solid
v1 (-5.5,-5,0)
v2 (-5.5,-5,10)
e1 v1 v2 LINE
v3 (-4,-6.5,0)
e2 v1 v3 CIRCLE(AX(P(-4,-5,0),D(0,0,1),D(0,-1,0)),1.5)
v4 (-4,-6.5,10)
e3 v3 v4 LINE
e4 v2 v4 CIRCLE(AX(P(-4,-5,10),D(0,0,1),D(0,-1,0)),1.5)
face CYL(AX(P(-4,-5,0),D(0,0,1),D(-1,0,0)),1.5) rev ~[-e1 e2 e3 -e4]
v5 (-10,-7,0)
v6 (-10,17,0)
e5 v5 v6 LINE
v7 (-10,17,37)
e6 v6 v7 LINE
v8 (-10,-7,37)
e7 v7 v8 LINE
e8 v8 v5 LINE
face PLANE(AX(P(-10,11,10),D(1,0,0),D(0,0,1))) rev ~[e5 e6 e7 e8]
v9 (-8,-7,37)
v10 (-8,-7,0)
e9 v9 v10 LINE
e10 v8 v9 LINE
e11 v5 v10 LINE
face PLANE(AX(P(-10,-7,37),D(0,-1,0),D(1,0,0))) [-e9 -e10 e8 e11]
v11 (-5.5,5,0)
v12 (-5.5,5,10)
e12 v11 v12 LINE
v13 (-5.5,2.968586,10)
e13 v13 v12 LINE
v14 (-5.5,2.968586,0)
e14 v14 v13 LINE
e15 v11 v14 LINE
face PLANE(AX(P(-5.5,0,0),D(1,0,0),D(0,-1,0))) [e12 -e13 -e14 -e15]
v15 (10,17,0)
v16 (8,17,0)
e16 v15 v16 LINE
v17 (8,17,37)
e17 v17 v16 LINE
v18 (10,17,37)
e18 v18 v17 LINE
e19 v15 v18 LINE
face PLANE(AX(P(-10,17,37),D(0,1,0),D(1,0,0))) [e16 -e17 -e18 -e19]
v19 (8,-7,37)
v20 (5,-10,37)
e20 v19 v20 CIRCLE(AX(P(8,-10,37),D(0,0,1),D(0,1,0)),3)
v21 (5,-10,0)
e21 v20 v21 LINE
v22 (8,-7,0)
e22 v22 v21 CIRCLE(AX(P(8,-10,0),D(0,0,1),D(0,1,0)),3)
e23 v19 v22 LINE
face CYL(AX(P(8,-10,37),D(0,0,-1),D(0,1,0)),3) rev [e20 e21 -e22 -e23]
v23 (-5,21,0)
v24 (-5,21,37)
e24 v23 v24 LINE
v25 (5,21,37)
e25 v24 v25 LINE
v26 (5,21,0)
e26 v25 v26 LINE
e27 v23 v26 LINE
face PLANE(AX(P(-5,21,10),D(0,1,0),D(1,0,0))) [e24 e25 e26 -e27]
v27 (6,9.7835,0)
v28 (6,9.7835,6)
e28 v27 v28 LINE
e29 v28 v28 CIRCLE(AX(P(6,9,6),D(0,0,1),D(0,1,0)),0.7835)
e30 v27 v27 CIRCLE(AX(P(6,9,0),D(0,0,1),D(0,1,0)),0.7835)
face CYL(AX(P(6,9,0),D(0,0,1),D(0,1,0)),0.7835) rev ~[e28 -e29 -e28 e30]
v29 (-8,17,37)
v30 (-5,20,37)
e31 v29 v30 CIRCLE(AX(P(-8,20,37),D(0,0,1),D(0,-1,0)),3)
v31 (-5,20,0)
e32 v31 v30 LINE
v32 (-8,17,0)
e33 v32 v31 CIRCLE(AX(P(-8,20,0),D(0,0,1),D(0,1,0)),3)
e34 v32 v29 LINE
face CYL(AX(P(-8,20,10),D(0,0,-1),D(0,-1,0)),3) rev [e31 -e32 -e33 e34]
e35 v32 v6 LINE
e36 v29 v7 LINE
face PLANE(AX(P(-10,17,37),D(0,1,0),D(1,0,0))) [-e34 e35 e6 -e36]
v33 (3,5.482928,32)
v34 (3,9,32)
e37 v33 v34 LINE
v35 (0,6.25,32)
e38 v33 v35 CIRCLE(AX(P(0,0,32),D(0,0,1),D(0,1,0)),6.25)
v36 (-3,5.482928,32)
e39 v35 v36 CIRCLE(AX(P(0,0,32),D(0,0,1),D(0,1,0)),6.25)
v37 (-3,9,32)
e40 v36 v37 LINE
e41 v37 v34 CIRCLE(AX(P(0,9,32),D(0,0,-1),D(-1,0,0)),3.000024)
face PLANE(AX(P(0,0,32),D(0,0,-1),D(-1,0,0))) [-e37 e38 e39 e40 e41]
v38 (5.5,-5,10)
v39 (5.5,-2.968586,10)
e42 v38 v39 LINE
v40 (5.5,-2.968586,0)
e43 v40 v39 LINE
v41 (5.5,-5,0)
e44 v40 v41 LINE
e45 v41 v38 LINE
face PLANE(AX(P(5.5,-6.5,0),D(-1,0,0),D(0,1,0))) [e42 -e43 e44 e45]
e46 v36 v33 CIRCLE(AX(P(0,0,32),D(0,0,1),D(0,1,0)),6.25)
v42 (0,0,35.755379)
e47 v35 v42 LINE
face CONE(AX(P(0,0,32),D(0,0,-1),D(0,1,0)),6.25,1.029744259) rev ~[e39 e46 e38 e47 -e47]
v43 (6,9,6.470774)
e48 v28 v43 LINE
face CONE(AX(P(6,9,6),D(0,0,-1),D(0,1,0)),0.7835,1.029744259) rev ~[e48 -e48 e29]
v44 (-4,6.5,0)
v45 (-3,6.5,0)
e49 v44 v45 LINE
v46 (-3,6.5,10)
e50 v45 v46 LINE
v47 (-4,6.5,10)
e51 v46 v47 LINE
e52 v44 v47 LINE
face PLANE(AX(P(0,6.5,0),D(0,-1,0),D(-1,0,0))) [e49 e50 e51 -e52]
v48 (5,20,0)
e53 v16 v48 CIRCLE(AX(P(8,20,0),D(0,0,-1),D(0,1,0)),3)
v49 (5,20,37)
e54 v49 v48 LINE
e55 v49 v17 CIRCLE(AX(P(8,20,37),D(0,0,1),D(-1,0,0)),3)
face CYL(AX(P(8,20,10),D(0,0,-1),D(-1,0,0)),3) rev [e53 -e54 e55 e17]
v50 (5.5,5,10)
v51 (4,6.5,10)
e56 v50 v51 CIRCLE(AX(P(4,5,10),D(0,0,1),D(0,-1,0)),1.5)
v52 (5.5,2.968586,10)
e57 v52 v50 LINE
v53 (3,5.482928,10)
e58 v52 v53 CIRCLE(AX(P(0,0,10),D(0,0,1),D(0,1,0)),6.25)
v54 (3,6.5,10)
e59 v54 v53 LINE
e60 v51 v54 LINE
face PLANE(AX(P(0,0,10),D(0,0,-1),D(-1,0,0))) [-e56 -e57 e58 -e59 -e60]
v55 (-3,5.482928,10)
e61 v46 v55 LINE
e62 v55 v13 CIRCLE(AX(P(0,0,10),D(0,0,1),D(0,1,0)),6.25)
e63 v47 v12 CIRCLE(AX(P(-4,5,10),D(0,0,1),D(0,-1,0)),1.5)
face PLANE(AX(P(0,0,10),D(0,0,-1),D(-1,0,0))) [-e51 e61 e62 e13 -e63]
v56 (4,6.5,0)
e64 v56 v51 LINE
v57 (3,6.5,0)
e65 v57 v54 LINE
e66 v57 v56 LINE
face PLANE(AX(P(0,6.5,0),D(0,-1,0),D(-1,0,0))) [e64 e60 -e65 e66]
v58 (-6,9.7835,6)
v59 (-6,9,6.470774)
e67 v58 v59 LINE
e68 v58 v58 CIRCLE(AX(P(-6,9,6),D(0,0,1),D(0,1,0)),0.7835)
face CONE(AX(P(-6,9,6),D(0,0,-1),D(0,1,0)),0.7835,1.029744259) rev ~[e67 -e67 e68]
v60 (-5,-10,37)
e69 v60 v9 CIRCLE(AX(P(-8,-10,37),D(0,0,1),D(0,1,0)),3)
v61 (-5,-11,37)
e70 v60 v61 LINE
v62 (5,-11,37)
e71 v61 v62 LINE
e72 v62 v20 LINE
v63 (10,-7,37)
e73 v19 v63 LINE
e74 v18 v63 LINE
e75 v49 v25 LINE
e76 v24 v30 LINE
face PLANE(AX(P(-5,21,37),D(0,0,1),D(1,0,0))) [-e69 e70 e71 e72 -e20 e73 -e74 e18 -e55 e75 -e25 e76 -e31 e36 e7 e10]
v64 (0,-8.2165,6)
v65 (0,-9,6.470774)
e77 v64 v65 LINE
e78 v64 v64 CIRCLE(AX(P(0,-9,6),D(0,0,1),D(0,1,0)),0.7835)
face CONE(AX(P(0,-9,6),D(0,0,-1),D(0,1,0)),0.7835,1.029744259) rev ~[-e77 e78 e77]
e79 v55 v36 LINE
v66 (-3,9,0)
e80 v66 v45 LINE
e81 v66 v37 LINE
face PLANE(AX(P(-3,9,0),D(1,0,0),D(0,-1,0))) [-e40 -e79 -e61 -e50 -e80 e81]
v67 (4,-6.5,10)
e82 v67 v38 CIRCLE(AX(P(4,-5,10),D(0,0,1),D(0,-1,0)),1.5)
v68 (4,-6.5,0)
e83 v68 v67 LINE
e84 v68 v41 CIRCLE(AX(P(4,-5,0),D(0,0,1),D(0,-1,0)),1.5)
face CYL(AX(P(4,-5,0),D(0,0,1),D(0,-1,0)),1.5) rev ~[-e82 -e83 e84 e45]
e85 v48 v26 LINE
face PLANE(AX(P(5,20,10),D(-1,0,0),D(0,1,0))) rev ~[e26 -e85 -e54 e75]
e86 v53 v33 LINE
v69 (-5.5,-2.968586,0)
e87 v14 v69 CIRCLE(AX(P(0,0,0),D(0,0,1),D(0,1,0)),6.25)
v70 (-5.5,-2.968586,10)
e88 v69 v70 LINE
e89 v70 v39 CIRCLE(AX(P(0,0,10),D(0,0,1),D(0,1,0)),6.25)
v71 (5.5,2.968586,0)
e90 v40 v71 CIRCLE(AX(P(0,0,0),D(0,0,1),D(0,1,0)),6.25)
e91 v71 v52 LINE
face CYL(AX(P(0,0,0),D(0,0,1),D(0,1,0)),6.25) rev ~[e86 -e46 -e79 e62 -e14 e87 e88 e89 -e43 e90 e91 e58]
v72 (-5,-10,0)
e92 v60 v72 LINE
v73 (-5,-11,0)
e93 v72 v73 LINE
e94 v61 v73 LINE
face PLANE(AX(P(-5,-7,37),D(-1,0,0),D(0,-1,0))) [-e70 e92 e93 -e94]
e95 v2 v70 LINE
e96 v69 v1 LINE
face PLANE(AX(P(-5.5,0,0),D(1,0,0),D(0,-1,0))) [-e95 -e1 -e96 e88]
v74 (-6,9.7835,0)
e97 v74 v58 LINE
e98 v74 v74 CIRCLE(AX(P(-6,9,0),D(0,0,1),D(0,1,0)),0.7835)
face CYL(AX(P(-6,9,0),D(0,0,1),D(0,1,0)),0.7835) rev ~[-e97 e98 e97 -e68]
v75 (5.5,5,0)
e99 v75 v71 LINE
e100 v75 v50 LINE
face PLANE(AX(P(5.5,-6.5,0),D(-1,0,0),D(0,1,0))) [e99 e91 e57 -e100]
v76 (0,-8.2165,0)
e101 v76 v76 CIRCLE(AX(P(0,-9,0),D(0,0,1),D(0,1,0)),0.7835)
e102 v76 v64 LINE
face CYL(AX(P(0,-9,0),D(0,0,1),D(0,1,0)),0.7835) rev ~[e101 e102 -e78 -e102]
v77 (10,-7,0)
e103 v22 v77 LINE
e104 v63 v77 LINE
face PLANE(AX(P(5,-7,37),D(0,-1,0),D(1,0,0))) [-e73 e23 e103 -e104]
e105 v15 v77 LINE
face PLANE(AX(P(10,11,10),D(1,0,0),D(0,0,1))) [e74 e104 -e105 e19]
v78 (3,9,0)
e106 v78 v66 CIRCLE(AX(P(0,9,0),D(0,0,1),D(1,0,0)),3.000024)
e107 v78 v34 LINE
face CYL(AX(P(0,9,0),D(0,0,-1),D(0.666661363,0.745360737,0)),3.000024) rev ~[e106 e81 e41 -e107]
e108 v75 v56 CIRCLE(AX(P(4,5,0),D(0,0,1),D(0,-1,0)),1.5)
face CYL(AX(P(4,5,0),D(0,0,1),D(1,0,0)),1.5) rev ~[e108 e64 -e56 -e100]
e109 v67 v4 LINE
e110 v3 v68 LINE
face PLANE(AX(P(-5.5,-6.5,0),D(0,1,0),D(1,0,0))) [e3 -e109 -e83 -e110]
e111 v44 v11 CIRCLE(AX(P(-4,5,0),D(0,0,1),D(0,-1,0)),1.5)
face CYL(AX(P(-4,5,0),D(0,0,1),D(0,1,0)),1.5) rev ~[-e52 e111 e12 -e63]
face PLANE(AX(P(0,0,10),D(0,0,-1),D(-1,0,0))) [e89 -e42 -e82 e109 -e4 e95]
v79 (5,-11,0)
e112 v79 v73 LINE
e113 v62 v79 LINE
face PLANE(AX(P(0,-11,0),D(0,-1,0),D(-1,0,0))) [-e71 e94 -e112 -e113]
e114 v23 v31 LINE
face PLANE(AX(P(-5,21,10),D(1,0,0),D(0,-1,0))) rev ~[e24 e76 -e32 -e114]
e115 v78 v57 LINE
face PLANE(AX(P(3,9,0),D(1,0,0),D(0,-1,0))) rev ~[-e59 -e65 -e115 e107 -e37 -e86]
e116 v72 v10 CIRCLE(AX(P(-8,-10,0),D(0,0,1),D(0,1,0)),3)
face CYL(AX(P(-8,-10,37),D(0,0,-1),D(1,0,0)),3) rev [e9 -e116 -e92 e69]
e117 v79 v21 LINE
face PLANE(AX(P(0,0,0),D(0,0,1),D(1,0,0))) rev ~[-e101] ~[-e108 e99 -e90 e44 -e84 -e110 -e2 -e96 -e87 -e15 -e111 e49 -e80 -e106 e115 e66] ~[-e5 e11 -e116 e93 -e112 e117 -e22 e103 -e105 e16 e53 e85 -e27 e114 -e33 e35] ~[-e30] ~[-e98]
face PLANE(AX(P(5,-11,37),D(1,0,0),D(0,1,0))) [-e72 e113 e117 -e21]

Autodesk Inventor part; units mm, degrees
ref_plane "YZ Plane" through (0, 0, 0) normal (1, 0, 0) x (0, 1, 0)
ref_plane "XZ Plane" through (0, 0, 0) normal (0, 1, 0) x (-1, 0, 0)
ref_plane "XY Plane" through (0, 0, 0) normal (0, 0, 1) x (1, 0, 0)
sketch "Skizze1" plane through (0, 0, 0) normal (0, 0, 1) x (1, 0, 0)
  line L0 (-14, 0) -> (14, 0) projected
  line L1 (0, -15.4) -> (0, 15.4) projected
  line L2 (-10, 11) -> (10, 11)
  line L3 (10, 11) -> (10, -11)
  line L4 (10, -11) -> (-10, -11)
  line L5 (-10, -11) -> (-10, 11)
  point P0 (0, 0)
  dimension "d0" = 22
  dimension "d1" = 20
extrude "Extrusion1" add sketch "Skizze1" along normal blind 37
sketch "Skizze2" plane through (0, 0, 0) normal (0, 0, -1) x (-1, 0, 0)
  point P0 (0, 0)
hole "Bohrung1" at (0, 0, 0) direction (0, 0, 1) diameter 12.5 depth 32 tip angle 118
sketch "Skizze3" plane through (0, 0, 0) normal (0, 0, -1) x (-1, 0, 0)
  line L0 (14, 0) -> (-14, 0) projected
  line L1 (0, -15.4) -> (0, 15.4) projected
  line L2 (-5.5, 6.5) -> (5.5, 6.5)
  line L3 (5.5, 6.5) -> (5.5, -6.5)
  line L4 (5.5, -6.5) -> (-5.5, -6.5)
  line L5 (-5.5, -6.5) -> (-5.5, 6.5)
  dimension "d11" = 13
  dimension "d12" = 11
extrude "Extrusion2" cut sketch "Skizze3" against normal blind 10
fillet "Rundung1" radius 1.5 4 edges at (-5.5, -6.5, 5) (-5.5, 6.5, 5) (5.5, 6.5, 5) (5.5, -6.5, 5)
sketch "Skizze4" plane through (0, 0, 37) normal (0, 0, 1) x (1, 0, 0)
  line L0 (-10, 11) -> (-10, -11) projected
  line L1 (-10, -11) -> (10, -11) projected
  line L2 (-4, -6.5) -> (4, -6.5) projected
  arc A0 (4, -6.5) -> (5.5, -5) centre (4, -5) ccw projected
  line L3 (5.5, -5) -> (5.5, -2.9686) projected
  arc A1 (-5.5, -5) -> (-4, -6.5) centre (-4, -5) ccw projected
  line L4 (-5.5, -2.9686) -> (-5.5, -5) projected
  line L5 (-10, -7) -> (-5, -7)
  line L6 (-5, -7) -> (-5, -11)
  line L7 (-5, -11) -> (-10, -11)
  line L8 (-10, -11) -> (-10, -7)
  line L9 (10, -11) -> (5, -11)
  line L10 (5, -11) -> (5, -7)
  line L11 (5, -7) -> (10, -7)
  line L12 (10, -7) -> (10, -11)
  point P0 (0, 0)
  dimension "d16" = 5
  dimension "d17" = 4
  dimension "d18" = 5
extrude "Extrusion3" cut sketch "Skizze4" against normal through all
fillet "Rundung2" radius 3 2 edges at (-5, -7, 18.5) (5, -7, 18.5)
sketch "Skizze5" plane through (-10, 11, 0) normal (0, 1, 0) x (1, 0, 0)
  line L0 (0, 0) -> (20, 0) projected
  line L1 (0, 0) -> (20, 0)
  line L2 (20, 0) -> (20, -10)
  line L3 (20, -10) -> (0, -10)
  line L4 (0, -10) -> (0, 0)
  line L5 (-4, 0) -> (24, 0) projected
  line L6 (10, 7.4) -> (10, -44.4) projected
  point P0 (10, 0)
  dimension "d22" = 20
  dimension "d23" = 10
extrude "Extrusion4" add sketch "Skizze5" along normal blind 10
sketch "Skizze7" plane through (0, 0, 0) normal (0, 0, -1) x (-1, 0, 0)
  circle A0 centre (-6, 9) radius 1.2 projected
  circle A1 centre (6, 9) radius 1.2 projected
  circle A2 centre (0, -9) radius 1.2 projected
hole "Bohrung3" at (6, 9, 0) at (-6, 9, 0) at (0, -9, 0) direction (0, 0, 1) diameter 1.567 depth 6 tip angle 118 thread size "M2x0.4" class "6H" standard "ISO Metric profile"
sketch "Skizze8" plane through (-10, 11, 37) normal (0, 1, 0) x (1, 0, 0)
  line L0 (20, 27) -> (0, 27) projected
  line L1 (0, 27) -> (0, 0) projected
  line L2 (20, 0) -> (0, 0) projected
  line L3 (20, 27) -> (20, 0) projected
  point P0 (10, 37)
extrude "Extrusion5" add sketch "Skizze8" along normal blind 6
sketch "Skizze9" plane through (-10, 21, 10) normal (0, 0, 1) x (1, 0, 0)
  line L0 (20, -4) -> (20, 0) projected
  line L1 (0, 0) -> (20, 0) projected
  circle A0 centre (4, -12) radius 1.2 projected
  circle A1 centre (16, -12) radius 1.2 projected
  circle A2 centre (10, -30) radius 1.2 projected
  circle A3 centre (18, -1) radius 2.25 projected
  circle A4 centre (18, -31) radius 2.25 projected
  circle A5 centre (2, -31) radius 2.25 projected
  circle A6 centre (2, -1) radius 2.25 projected
  circle A7 centre (13, -17) radius 1.75 projected
  circle A8 centre (7, -25) radius 1.75 projected
  circle A9 centre (10, -25.5) radius 0.9 projected
  circle A10 centre (10, -16.5) radius 0.9 projected
  circle A11 centre (10, -21) radius 3 projected
  line L2 (23, 2) -> (-3, 2) projected
  line L3 (-3, 2) -> (-3, -34) projected
  line L4 (-3, -34) -> (23, -34) projected
  line L5 (23, 2) -> (23, -34) projected
  line L6 (15, 0) -> (20, 0)
  line L7 (20, 0) -> (20, -4)
  line L8 (20, -4) -> (15, -4)
  line L9 (15, -4) -> (15, 0)
  line L10 (0, 0) -> (5, 0)
  line L11 (5, 0) -> (5, -4)
  line L12 (5, -4) -> (0, -4)
  line L13 (0, -4) -> (0, 0)
  line L14 (10, 0) -> (10, -17.7524)
  circle A12 centre (10, -12) radius 3 projected
  point P0 (10, -21)
  dimension "d44" = 3
  dimension "d45" = 3
extrude "Extrusion6" cut sketch "Skizze9" against normal through all contours L8 L9 L1 A3 L0 | L11 L12 L13 A6 L1 | A3 L1 L0 | A6 L13 L1 picked at (17.2844, -1.2206) picked at (2.725, -1.1961)
fillet "Rundung3" radius 3 2 edges at (5, 17, 5) (-5, 17, 5)
sketch "Skizze10" plane through (0, 0, 0) normal (0, 0, -1) x (-1, 0, 0)
  line L0 (-5.5, -5) -> (-5.5, -2.9686) projected
  arc A0 (2, 11.2361) -> (-2, 11.2361) centre (0, 9) ccw projected
  arc A1 (-2, 11.2361) -> (2, 11.2361) centre (0, 9) ccw projected
  arc A2 (3, 9) -> (-3, 9) centre (0, 9) ccw
  line L1 (-3, 9) -> (-3, 4)
  line L2 (-3, 4) -> (3, 4)
  line L3 (3, 9) -> (3, 4)
  arc A3 (5.5, 2.9686) -> (-5.5, 2.9686) centre (0, 0) ccw projected
  dimension "d49" = 3
  dimension "d50" = 5
extrude "Extrusion7" cut sketch "Skizze10" against normal blind 32
sketch "Skizze11" plane through (-5, 21, 10) normal (0, 0, 1) x (1, 0, 0)
  line L0 (0, 0) -> (0, -1) projected
  arc A0 (-3, -4) -> (0, -1) centre (-3, -1) ccw projected
  line L1 (-3, -4) -> (13, -4) projected
  arc A1 (10, -1) -> (13, -4) centre (13, -1) ccw projected
  line L2 (10, -1) -> (10, 0) projected
  line L3 (0, 0) -> (10, 0) projected
  point P0 (5, -21)
extrude "Extrusion8" add sketch "Skizze11" along normal up to surface (27 mm away)
properties part number "13_1087_013" material "PPS-Kunststoff"
